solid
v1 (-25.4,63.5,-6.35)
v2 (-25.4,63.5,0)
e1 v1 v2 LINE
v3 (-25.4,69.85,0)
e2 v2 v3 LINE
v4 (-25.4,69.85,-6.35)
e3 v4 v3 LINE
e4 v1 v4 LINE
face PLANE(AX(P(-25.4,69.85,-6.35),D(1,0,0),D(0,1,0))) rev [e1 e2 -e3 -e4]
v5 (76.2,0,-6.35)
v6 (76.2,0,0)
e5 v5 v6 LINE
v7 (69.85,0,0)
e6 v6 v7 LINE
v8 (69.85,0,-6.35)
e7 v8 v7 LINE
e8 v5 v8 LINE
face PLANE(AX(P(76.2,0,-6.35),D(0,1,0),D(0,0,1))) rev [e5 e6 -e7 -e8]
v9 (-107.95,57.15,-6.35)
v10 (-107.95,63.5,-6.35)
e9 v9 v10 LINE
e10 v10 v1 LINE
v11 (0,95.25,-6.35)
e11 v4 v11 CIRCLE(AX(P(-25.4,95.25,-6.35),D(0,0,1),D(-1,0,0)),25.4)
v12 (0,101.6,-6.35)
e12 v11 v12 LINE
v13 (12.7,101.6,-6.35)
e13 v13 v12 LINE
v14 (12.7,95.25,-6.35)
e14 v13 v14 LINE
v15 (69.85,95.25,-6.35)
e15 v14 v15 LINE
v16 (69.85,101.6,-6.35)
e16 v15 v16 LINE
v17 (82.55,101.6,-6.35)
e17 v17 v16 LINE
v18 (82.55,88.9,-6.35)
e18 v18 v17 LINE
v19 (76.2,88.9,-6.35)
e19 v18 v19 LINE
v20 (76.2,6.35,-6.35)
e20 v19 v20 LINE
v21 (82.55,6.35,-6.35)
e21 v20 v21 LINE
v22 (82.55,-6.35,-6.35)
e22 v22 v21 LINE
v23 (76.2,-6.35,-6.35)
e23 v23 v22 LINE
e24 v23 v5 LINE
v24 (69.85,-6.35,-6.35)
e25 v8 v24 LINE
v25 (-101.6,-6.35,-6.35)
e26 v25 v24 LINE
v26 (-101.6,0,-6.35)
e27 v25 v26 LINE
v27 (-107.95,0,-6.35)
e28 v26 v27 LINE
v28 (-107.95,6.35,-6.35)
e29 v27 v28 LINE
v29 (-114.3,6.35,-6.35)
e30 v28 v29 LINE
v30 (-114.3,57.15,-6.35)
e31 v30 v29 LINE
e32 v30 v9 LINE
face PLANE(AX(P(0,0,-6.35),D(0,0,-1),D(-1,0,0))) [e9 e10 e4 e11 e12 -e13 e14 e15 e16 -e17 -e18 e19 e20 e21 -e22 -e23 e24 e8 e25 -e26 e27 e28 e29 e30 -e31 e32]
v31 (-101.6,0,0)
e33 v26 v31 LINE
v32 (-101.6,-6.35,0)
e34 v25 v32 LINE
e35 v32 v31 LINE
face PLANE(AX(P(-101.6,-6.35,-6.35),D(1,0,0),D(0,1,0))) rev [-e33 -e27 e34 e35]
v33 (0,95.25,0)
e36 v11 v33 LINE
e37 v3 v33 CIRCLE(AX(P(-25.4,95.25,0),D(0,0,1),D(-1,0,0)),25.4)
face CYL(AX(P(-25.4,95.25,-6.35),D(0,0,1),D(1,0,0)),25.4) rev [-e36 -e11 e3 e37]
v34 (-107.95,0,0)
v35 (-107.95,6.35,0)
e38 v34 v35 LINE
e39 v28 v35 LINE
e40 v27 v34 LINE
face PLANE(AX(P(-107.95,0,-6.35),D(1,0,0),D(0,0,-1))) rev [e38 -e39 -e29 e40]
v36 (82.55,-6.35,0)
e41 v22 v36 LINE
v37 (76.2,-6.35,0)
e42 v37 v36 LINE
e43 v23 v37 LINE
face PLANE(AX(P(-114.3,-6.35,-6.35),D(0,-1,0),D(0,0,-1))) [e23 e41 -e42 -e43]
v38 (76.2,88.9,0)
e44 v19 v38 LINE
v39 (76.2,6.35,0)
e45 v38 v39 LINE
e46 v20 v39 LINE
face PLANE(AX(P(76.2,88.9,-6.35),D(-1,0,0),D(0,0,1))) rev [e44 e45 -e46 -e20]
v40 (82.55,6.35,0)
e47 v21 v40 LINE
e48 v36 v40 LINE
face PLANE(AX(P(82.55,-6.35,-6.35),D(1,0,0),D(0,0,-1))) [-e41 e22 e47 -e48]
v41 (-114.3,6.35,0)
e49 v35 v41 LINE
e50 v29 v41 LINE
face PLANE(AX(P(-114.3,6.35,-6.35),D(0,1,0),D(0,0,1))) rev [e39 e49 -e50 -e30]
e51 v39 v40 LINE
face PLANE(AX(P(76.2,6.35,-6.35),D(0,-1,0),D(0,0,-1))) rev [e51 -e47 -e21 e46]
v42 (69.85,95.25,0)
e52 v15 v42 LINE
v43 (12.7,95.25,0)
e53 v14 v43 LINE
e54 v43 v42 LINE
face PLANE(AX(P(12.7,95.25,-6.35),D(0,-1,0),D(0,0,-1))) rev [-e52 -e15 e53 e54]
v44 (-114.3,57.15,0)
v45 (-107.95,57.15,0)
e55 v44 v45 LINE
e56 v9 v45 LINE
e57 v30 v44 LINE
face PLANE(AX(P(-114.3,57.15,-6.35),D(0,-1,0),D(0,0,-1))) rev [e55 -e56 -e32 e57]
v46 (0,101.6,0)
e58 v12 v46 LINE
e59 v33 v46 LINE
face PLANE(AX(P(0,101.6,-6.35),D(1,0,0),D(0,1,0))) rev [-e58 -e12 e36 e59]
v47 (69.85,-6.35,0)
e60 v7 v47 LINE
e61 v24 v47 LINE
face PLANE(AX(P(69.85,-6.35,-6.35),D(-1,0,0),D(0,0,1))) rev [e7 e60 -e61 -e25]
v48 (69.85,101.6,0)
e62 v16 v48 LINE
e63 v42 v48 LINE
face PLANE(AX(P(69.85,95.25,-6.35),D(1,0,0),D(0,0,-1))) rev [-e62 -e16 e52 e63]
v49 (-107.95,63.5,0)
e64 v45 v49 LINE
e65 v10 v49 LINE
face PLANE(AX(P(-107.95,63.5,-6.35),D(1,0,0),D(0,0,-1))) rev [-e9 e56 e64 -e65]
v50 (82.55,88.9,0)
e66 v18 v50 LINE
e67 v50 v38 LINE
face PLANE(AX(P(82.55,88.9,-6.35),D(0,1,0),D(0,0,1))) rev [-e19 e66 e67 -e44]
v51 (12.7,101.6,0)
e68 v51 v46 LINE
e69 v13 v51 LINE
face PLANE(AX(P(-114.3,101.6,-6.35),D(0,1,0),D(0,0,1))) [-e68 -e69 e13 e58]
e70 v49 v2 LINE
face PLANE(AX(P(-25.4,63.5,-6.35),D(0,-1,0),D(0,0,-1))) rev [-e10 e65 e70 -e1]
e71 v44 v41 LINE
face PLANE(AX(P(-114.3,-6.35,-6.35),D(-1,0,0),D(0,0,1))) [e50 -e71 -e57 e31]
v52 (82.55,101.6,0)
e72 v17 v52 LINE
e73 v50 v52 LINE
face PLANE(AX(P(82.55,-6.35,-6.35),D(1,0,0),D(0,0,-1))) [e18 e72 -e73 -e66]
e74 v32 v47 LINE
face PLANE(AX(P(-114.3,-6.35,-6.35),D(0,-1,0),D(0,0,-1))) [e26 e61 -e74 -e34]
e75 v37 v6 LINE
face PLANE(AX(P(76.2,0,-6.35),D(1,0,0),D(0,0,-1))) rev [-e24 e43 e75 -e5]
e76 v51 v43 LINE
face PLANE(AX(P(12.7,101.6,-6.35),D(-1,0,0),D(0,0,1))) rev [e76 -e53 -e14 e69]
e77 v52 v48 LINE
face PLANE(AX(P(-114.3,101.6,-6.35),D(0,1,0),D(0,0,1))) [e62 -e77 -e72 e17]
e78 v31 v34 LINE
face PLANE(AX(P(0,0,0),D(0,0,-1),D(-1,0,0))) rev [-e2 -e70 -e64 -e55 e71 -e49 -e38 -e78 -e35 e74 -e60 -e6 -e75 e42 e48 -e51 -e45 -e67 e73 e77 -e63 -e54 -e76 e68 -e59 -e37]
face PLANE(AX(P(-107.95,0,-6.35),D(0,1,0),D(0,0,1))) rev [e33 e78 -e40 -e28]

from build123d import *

# Parameters (mm, degrees)
SKETCH1_W           = 196.85
SKETCH1_H           = 107.95
BOSS_EXTRUDE1_DEPTH = 6.35
SKETCH2_W           = 57.15
SKETCH2_H           = 6.35
SKETCH2_W_2         = 6.35
SKETCH2_H_2         = 82.55
CUT_EXTRUDE1_DEPTH  = 154.060029074


with BuildPart() as part:
    # Sketch1 → Boss-Extrude1 (new body)
    with BuildSketch(Plane.XY):
        with Locations((-15.875, 47.625)):
            Rectangle(SKETCH1_W, SKETCH1_H)
    extrude(amount=-BOSS_EXTRUDE1_DEPTH)

    # Sketch2 → Cut-Extrude1 (cut, through all)
    with BuildSketch(Plane.XY):
        with BuildLine():
            Line((0, 101.6), (0, 95.25))
            ThreePointArc((0, 95.25), (-7.439487758, 77.289487758), (-25.4, 69.85))
            Line((-25.4, 69.85), (-25.4, 63.5))
            Line((-25.4, 63.5), (-107.95, 63.5))
            Line((-107.95, 63.5), (-107.95, 57.15))
            Line((-107.95, 57.15), (-114.3, 57.15))
            Line((-114.3, 57.15), (-114.3, 69.85))
            Line((-114.3, 69.85), (-114.3, 101.6))
            Line((-114.3, 101.6), (0, 101.6))
        make_face()
        with Locations((41.275, 98.425)):
            Rectangle(SKETCH2_W, SKETCH2_H)
        with Locations((79.375, 47.625)):
            Rectangle(SKETCH2_W_2, SKETCH2_H_2)
        Polygon((-114.3, -6.35), (-101.6, -6.35), (-101.6, 0), (-107.95, 0), (-107.95, 6.35), (-114.3, 6.35), align=None)
        with Locations((73.025, -3.175)):
            Rectangle(SKETCH2_W_2, SKETCH2_H)
    extrude(amount=-CUT_EXTRUDE1_DEPTH, mode=Mode.SUBTRACT)


solid = part.part
